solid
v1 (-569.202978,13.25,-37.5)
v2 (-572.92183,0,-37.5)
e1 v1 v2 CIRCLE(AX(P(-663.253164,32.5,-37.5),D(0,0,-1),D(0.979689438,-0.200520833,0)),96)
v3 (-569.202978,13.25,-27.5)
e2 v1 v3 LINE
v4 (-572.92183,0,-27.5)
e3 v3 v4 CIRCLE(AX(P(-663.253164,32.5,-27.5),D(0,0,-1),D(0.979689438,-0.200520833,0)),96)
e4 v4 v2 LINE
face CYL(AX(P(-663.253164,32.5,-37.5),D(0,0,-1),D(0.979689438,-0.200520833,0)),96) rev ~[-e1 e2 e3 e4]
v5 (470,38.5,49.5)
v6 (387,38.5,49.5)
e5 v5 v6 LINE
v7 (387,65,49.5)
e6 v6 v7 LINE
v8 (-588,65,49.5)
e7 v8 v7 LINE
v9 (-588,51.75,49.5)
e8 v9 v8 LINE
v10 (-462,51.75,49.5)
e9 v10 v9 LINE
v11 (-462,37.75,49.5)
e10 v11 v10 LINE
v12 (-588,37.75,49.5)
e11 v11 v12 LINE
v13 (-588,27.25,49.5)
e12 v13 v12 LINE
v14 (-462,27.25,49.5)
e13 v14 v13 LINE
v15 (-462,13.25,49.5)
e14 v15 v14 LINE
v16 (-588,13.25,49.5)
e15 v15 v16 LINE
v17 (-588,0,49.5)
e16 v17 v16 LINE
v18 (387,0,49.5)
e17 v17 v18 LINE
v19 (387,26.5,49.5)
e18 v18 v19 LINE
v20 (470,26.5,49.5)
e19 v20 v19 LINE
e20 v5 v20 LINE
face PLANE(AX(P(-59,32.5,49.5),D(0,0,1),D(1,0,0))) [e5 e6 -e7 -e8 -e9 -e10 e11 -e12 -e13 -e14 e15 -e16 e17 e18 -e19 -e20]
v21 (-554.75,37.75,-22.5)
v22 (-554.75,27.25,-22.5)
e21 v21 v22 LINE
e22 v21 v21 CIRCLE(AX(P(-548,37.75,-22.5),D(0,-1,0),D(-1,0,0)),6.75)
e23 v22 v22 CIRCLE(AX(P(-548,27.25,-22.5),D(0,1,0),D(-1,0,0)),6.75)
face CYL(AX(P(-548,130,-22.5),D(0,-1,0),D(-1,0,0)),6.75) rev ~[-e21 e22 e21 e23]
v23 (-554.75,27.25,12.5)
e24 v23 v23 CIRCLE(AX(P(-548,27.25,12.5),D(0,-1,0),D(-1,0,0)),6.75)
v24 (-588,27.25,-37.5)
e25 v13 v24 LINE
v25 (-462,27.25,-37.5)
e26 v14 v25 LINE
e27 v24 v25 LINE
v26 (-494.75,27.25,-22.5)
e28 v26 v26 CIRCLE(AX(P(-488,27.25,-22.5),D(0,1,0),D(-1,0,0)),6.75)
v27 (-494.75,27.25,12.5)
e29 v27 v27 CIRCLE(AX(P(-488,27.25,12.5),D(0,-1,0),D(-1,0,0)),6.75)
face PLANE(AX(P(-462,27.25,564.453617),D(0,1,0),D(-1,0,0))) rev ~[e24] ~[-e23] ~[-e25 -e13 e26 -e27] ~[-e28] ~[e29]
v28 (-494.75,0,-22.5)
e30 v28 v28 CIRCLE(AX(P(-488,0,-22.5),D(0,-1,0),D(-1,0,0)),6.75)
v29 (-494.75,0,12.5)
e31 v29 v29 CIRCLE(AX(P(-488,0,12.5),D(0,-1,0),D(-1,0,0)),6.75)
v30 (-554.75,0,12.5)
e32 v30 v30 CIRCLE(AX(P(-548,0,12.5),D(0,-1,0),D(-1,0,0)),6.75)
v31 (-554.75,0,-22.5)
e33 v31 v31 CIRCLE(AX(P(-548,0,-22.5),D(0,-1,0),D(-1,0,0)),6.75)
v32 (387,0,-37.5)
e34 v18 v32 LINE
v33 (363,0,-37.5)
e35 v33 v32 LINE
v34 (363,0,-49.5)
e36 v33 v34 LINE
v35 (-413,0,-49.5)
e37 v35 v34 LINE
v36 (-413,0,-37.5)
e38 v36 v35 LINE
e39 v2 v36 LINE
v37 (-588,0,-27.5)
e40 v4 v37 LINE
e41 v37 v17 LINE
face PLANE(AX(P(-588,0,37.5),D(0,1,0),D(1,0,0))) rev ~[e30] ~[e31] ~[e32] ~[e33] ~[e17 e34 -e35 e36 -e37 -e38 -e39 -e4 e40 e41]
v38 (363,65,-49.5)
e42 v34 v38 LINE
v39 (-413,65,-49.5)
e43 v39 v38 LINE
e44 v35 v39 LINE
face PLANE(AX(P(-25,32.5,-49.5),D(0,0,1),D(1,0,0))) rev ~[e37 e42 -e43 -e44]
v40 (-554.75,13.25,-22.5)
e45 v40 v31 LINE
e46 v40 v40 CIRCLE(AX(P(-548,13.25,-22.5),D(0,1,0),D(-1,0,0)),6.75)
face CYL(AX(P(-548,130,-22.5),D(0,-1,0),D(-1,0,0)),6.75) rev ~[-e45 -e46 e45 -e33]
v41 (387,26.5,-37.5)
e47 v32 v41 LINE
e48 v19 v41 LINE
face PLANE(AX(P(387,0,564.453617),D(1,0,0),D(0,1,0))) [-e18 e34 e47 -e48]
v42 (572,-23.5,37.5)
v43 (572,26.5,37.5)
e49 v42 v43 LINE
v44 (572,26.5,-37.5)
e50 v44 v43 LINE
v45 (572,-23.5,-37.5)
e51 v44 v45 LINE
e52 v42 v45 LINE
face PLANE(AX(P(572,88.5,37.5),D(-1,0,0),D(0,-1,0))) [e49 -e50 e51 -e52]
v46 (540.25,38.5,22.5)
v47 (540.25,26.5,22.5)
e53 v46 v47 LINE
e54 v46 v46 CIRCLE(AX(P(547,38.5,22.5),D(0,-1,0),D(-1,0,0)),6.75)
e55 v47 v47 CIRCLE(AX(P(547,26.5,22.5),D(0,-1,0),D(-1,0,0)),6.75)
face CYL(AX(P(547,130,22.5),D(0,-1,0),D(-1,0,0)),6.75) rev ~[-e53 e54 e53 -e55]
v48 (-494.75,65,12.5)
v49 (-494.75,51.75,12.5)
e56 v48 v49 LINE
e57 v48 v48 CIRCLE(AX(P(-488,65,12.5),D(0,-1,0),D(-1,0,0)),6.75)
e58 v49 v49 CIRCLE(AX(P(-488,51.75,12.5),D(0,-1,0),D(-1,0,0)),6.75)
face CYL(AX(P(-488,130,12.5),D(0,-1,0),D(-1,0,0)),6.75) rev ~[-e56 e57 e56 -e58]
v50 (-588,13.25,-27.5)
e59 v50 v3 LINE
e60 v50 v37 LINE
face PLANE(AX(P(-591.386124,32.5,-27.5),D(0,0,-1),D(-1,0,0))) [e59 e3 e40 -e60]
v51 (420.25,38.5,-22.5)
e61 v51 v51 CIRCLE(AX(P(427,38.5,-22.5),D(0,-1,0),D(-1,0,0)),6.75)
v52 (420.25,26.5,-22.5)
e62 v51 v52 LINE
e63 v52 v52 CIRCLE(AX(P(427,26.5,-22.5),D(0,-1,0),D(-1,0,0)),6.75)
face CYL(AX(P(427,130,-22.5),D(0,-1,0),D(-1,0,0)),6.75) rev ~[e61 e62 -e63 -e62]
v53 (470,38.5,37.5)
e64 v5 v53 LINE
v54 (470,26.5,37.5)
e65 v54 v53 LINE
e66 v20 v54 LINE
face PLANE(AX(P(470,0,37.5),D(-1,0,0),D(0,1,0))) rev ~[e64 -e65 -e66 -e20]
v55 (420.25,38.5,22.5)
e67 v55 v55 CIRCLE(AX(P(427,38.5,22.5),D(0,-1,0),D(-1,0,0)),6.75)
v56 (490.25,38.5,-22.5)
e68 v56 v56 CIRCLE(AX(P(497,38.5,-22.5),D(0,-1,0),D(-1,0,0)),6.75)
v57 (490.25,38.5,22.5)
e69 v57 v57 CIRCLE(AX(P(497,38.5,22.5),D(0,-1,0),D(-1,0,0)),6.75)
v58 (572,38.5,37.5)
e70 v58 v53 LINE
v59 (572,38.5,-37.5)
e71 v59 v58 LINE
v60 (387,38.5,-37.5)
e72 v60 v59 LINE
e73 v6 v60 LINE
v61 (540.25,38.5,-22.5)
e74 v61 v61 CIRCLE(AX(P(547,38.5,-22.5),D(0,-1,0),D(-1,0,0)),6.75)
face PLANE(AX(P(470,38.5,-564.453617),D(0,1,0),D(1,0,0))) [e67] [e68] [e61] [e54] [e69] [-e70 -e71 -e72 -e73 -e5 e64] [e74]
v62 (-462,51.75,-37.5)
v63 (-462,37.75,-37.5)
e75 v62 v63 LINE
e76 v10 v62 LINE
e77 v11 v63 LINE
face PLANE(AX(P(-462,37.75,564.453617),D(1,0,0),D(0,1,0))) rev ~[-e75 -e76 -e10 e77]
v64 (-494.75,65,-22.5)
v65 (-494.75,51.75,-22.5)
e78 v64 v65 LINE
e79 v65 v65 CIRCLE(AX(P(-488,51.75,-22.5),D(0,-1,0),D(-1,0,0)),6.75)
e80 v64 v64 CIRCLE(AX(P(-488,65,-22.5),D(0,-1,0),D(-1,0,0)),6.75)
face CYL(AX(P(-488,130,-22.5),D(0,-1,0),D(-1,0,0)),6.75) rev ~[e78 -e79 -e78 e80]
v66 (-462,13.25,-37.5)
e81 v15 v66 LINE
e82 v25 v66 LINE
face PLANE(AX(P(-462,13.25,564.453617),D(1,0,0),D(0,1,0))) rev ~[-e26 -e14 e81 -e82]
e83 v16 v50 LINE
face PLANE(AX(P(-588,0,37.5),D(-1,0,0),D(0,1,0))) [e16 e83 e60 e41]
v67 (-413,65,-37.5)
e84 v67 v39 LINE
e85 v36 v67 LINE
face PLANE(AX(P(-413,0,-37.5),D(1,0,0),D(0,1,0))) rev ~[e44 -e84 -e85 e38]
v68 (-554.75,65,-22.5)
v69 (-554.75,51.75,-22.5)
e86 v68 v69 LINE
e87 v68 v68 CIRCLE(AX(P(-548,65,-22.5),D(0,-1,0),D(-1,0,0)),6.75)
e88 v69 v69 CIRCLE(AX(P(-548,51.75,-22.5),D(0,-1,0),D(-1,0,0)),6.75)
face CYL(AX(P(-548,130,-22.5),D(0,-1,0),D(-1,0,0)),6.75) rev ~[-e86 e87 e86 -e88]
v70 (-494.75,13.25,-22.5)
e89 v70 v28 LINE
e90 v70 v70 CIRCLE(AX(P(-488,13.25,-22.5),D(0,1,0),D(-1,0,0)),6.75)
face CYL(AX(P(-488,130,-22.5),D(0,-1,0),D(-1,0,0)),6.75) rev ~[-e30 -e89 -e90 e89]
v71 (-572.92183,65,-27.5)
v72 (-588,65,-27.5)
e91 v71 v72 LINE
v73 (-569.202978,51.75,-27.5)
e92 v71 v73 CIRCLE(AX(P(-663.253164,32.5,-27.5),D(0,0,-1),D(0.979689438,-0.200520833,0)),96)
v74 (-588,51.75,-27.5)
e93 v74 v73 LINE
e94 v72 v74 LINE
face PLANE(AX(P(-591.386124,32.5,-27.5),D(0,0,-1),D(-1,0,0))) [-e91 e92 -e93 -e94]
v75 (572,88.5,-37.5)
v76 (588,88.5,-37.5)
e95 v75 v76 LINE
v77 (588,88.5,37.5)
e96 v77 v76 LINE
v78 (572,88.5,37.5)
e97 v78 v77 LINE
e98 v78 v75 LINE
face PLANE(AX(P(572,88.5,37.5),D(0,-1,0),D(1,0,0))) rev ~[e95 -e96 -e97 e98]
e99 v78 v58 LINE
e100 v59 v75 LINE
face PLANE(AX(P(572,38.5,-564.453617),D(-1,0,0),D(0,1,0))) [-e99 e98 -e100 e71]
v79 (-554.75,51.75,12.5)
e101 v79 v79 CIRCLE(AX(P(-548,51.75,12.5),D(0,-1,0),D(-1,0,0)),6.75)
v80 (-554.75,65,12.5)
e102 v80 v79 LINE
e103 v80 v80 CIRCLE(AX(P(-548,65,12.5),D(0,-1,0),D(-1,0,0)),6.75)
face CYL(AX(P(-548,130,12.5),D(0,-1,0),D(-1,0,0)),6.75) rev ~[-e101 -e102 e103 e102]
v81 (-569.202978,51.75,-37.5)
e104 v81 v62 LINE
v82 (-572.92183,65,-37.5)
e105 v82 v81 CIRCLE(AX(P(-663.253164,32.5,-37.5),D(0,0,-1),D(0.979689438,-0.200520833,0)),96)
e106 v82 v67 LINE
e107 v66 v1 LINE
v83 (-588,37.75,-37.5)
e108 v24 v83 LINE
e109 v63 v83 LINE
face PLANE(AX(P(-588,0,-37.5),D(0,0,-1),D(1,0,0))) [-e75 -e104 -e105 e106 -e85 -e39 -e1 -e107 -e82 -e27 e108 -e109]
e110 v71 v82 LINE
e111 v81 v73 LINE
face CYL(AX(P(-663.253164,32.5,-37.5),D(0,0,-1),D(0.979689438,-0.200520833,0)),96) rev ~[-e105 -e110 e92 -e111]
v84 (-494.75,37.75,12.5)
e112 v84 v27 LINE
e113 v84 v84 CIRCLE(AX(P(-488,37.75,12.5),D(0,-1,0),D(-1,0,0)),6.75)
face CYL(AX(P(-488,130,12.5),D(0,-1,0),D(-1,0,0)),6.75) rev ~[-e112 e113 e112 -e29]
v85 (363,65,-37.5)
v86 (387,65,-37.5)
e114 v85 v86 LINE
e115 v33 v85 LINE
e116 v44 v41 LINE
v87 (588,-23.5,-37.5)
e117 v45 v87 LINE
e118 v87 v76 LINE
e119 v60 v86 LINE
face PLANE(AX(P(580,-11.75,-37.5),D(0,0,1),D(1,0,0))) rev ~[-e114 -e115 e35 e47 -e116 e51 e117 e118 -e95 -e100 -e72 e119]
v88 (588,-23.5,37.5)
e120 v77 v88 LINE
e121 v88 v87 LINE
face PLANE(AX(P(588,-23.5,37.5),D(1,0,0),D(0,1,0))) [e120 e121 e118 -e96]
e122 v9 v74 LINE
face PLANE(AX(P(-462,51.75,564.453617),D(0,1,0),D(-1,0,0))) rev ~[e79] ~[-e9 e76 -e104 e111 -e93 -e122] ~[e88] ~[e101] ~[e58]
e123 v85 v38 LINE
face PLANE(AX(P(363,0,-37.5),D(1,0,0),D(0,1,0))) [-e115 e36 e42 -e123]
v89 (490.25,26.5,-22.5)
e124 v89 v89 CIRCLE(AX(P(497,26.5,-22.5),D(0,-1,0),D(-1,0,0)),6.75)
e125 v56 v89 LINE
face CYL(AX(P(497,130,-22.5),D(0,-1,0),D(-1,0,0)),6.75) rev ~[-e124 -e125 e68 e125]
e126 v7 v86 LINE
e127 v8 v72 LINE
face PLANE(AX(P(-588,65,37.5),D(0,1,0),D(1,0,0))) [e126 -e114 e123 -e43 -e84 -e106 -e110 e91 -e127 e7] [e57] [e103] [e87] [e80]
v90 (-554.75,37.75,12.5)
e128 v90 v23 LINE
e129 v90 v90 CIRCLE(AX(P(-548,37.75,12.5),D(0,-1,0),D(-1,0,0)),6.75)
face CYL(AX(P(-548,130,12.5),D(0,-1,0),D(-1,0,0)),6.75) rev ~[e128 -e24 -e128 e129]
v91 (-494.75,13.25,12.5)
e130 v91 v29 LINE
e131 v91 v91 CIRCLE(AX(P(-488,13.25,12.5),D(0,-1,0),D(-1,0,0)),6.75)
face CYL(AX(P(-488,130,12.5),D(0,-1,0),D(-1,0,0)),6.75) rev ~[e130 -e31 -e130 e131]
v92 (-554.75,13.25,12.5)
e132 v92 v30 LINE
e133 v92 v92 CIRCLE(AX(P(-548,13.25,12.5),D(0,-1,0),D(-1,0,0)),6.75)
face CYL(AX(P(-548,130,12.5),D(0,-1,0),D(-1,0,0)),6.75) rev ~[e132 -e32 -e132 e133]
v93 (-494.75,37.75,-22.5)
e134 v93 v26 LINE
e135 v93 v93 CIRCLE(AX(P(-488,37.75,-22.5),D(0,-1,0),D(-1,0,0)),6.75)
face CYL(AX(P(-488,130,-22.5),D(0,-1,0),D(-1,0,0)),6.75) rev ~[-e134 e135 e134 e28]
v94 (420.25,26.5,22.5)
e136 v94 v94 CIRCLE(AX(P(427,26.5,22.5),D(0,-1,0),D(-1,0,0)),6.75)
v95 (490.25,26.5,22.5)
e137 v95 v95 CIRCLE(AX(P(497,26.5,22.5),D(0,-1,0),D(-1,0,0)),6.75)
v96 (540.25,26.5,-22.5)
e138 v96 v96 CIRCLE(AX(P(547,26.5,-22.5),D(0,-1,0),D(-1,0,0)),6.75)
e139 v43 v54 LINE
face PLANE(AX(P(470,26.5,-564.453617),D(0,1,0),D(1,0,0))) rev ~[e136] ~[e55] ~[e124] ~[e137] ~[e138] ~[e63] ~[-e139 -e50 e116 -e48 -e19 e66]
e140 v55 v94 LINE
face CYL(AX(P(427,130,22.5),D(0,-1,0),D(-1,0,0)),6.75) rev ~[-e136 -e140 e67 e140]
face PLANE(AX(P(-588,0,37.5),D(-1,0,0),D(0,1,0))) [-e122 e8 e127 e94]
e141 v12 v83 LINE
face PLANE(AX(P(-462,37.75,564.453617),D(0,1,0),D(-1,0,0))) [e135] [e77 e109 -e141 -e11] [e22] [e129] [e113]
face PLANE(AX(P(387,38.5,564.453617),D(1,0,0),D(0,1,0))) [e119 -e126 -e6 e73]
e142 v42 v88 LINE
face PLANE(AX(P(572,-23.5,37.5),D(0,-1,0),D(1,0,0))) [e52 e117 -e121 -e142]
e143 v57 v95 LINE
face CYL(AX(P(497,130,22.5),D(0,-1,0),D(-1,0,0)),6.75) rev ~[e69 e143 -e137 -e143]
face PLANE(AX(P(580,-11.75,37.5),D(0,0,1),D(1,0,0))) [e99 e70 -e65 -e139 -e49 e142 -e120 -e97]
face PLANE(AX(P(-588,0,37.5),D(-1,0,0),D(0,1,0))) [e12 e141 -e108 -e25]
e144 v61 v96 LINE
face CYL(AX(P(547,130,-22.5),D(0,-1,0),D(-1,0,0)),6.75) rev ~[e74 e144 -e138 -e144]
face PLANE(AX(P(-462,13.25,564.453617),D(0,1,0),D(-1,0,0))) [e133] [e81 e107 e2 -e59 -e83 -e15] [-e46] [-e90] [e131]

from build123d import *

# Parameters (mm, degrees)
SKETCH1_W                  = 1176
SKETCH1_H                  = 75
BOSS_EXTRUDE1_DEPTH        = 65
SKETCH2_W                  = 776
SKETCH2_H                  = 65
BOSS_EXTRUDE2_DEPTH        = 12
SKETCH3_W                  = 1058
SKETCH3_H                  = 65
BOSS_EXTRUDE3_DEPTH        = 12
SKETCH4_W                  = 16
SKETCH4_H                  = 23.5
SKETCH4_H_2                = 65
BOSS_EXTRUDE4_DEPTH        = 75
CUT_EXTRUDE1_DEPTH         = 601.953617179
CUT_EXTRUDE1_DEPTH_BACK    = 601.953617179
SKETCH5_W                  = 102
SKETCH5_H                  = 50
F_12_0MM_DOWEL_HOLE1_D     = 13.5
F_12_0MM_DOWEL_HOLE1_DEPTH = 65
CUT_EXTRUDE2_DEPTH         = 10
CUT_EXTRUDE3_DEPTH         = 601.953617179
CUT_EXTRUDE3_DEPTH_BACK    = 601.953617179
SKETCH11_W                 = 127.490852802
SKETCH11_H                 = 14
CUT_EXTRUDE4_DEPTH         = 601.953617179
CUT_EXTRUDE4_DEPTH_BACK    = 601.953617179
SKETCH12_W                 = 83
SKETCH12_H                 = 26.5


with BuildPart() as part:
    # Sketch1 → Boss-Extrude1 (new body)
    with BuildSketch(Plane(origin=(0, 0, 0), x_dir=(1, 0, 0), z_dir=(0, 1, 0))):
        Rectangle(SKETCH1_W, SKETCH1_H)
    extrude(amount=BOSS_EXTRUDE1_DEPTH)

    # Sketch2 → Boss-Extrude2 (add)
    with BuildSketch(Plane.XY.offset(-37.5)):
        with Locations((-25, 32.5)):
            Rectangle(SKETCH2_W, SKETCH2_H)
    extrude(amount=-BOSS_EXTRUDE2_DEPTH)

    # Sketch3 → Boss-Extrude3 (add)
    with BuildSketch(Plane.XY.offset(37.5)):
        with Locations((-59, 32.5)):
            Rectangle(SKETCH3_W, SKETCH3_H)
    extrude(amount=BOSS_EXTRUDE3_DEPTH)

    # Sketch4 → Boss-Extrude4 (add)
    with BuildSketch(Plane.XY.offset(37.5)):
        with Locations((580, -11.75)):
            Rectangle(SKETCH4_W, SKETCH4_H)
        with Locations((580, 32.5)):
            Rectangle(SKETCH4_W, SKETCH4_H_2)
        with Locations((580, 76.75)):
            Rectangle(SKETCH4_W, SKETCH4_H)
    extrude(amount=-BOSS_EXTRUDE4_DEPTH)

    # Sketch5 → Cut-Extrude1 (cut, two sides: drawn at the far end of the back side and taken through both)
    with BuildSketch(Plane.XY.offset(37.5).offset(-CUT_EXTRUDE1_DEPTH_BACK)):
        with Locations((521, 1.5)):
            Rectangle(SKETCH5_W, SKETCH5_H)
        with Locations((521, 63.5)):
            Rectangle(SKETCH5_W, SKETCH5_H)
    extrude(amount=CUT_EXTRUDE1_DEPTH + CUT_EXTRUDE1_DEPTH_BACK, mode=Mode.SUBTRACT)

    # Ø12.0mm Dowel Hole1
    with Locations(Plane(origin=(0, 65, 0), x_dir=(1, 0, 0), z_dir=(0, 1, 0))):
        with Locations((-548, -12.5), (-488, -12.5), (-488, 22.5), (-548, 22.5), (427, 22.5), (497, 22.5), (547, 22.5), (547, -22.5), (497, -22.5), (427, -22.5)):
            Hole(F_12_0MM_DOWEL_HOLE1_D / 2, depth=F_12_0MM_DOWEL_HOLE1_DEPTH)

    # Sketch9 → Cut-Extrude2 (cut)
    with BuildSketch(Plane(origin=(0, 0, -37.5), x_dir=(-1, 0, 0), z_dir=(0, 0, -1))):
        with BuildLine():
            Line((462, 51.75), (462, 37.75))
            Line((462, 37.75), (600.472295571, 37.75))
            ThreePointArc((600.472295571, 37.75), (600.253164472, 32.5), (600.472295571, 27.25))
            Line((600.472295571, 27.25), (462, 27.25))
            Line((462, 27.25), (462, 13.25))
            Line((462, 13.25), (569.202978401, 13.25))
            ThreePointArc((569.202978401, 13.25), (759.253164472, 32.5), (569.202978401, 51.75))
            Line((569.202978401, 51.75), (462, 51.75))
        make_face()
    extrude(amount=-CUT_EXTRUDE2_DEPTH, mode=Mode.SUBTRACT)

    # Sketch11 → Cut-Extrude3 (cut, two sides: drawn at the far end of the back side and taken through both)
    with BuildSketch(Plane(origin=(0, 0, -37.5), x_dir=(-1, 0, 0), z_dir=(0, 0, -1)).offset(-CUT_EXTRUDE3_DEPTH_BACK)):
        with Locations((525.745426401, 44.75)):
            Rectangle(SKETCH11_W, SKETCH11_H)
        with Locations((525.745426401, 20.25)):
            Rectangle(SKETCH11_W, SKETCH11_H)
    extrude(amount=CUT_EXTRUDE3_DEPTH + CUT_EXTRUDE3_DEPTH_BACK, mode=Mode.SUBTRACT)

    # Sketch12 → Cut-Extrude4 (cut, two sides: drawn at the far end of the back side and taken through both)
    with BuildSketch(Plane(origin=(0, 0, -37.5), x_dir=(-1, 0, 0), z_dir=(0, 0, -1)).offset(-CUT_EXTRUDE4_DEPTH_BACK)):
        with Locations((-428.5, 13.25)):
            Rectangle(SKETCH12_W, SKETCH12_H)
        with Locations((-428.5, 51.75)):
            Rectangle(SKETCH12_W, SKETCH12_H)
    extrude(amount=CUT_EXTRUDE4_DEPTH + CUT_EXTRUDE4_DEPTH_BACK, mode=Mode.SUBTRACT)


solid = part.part
